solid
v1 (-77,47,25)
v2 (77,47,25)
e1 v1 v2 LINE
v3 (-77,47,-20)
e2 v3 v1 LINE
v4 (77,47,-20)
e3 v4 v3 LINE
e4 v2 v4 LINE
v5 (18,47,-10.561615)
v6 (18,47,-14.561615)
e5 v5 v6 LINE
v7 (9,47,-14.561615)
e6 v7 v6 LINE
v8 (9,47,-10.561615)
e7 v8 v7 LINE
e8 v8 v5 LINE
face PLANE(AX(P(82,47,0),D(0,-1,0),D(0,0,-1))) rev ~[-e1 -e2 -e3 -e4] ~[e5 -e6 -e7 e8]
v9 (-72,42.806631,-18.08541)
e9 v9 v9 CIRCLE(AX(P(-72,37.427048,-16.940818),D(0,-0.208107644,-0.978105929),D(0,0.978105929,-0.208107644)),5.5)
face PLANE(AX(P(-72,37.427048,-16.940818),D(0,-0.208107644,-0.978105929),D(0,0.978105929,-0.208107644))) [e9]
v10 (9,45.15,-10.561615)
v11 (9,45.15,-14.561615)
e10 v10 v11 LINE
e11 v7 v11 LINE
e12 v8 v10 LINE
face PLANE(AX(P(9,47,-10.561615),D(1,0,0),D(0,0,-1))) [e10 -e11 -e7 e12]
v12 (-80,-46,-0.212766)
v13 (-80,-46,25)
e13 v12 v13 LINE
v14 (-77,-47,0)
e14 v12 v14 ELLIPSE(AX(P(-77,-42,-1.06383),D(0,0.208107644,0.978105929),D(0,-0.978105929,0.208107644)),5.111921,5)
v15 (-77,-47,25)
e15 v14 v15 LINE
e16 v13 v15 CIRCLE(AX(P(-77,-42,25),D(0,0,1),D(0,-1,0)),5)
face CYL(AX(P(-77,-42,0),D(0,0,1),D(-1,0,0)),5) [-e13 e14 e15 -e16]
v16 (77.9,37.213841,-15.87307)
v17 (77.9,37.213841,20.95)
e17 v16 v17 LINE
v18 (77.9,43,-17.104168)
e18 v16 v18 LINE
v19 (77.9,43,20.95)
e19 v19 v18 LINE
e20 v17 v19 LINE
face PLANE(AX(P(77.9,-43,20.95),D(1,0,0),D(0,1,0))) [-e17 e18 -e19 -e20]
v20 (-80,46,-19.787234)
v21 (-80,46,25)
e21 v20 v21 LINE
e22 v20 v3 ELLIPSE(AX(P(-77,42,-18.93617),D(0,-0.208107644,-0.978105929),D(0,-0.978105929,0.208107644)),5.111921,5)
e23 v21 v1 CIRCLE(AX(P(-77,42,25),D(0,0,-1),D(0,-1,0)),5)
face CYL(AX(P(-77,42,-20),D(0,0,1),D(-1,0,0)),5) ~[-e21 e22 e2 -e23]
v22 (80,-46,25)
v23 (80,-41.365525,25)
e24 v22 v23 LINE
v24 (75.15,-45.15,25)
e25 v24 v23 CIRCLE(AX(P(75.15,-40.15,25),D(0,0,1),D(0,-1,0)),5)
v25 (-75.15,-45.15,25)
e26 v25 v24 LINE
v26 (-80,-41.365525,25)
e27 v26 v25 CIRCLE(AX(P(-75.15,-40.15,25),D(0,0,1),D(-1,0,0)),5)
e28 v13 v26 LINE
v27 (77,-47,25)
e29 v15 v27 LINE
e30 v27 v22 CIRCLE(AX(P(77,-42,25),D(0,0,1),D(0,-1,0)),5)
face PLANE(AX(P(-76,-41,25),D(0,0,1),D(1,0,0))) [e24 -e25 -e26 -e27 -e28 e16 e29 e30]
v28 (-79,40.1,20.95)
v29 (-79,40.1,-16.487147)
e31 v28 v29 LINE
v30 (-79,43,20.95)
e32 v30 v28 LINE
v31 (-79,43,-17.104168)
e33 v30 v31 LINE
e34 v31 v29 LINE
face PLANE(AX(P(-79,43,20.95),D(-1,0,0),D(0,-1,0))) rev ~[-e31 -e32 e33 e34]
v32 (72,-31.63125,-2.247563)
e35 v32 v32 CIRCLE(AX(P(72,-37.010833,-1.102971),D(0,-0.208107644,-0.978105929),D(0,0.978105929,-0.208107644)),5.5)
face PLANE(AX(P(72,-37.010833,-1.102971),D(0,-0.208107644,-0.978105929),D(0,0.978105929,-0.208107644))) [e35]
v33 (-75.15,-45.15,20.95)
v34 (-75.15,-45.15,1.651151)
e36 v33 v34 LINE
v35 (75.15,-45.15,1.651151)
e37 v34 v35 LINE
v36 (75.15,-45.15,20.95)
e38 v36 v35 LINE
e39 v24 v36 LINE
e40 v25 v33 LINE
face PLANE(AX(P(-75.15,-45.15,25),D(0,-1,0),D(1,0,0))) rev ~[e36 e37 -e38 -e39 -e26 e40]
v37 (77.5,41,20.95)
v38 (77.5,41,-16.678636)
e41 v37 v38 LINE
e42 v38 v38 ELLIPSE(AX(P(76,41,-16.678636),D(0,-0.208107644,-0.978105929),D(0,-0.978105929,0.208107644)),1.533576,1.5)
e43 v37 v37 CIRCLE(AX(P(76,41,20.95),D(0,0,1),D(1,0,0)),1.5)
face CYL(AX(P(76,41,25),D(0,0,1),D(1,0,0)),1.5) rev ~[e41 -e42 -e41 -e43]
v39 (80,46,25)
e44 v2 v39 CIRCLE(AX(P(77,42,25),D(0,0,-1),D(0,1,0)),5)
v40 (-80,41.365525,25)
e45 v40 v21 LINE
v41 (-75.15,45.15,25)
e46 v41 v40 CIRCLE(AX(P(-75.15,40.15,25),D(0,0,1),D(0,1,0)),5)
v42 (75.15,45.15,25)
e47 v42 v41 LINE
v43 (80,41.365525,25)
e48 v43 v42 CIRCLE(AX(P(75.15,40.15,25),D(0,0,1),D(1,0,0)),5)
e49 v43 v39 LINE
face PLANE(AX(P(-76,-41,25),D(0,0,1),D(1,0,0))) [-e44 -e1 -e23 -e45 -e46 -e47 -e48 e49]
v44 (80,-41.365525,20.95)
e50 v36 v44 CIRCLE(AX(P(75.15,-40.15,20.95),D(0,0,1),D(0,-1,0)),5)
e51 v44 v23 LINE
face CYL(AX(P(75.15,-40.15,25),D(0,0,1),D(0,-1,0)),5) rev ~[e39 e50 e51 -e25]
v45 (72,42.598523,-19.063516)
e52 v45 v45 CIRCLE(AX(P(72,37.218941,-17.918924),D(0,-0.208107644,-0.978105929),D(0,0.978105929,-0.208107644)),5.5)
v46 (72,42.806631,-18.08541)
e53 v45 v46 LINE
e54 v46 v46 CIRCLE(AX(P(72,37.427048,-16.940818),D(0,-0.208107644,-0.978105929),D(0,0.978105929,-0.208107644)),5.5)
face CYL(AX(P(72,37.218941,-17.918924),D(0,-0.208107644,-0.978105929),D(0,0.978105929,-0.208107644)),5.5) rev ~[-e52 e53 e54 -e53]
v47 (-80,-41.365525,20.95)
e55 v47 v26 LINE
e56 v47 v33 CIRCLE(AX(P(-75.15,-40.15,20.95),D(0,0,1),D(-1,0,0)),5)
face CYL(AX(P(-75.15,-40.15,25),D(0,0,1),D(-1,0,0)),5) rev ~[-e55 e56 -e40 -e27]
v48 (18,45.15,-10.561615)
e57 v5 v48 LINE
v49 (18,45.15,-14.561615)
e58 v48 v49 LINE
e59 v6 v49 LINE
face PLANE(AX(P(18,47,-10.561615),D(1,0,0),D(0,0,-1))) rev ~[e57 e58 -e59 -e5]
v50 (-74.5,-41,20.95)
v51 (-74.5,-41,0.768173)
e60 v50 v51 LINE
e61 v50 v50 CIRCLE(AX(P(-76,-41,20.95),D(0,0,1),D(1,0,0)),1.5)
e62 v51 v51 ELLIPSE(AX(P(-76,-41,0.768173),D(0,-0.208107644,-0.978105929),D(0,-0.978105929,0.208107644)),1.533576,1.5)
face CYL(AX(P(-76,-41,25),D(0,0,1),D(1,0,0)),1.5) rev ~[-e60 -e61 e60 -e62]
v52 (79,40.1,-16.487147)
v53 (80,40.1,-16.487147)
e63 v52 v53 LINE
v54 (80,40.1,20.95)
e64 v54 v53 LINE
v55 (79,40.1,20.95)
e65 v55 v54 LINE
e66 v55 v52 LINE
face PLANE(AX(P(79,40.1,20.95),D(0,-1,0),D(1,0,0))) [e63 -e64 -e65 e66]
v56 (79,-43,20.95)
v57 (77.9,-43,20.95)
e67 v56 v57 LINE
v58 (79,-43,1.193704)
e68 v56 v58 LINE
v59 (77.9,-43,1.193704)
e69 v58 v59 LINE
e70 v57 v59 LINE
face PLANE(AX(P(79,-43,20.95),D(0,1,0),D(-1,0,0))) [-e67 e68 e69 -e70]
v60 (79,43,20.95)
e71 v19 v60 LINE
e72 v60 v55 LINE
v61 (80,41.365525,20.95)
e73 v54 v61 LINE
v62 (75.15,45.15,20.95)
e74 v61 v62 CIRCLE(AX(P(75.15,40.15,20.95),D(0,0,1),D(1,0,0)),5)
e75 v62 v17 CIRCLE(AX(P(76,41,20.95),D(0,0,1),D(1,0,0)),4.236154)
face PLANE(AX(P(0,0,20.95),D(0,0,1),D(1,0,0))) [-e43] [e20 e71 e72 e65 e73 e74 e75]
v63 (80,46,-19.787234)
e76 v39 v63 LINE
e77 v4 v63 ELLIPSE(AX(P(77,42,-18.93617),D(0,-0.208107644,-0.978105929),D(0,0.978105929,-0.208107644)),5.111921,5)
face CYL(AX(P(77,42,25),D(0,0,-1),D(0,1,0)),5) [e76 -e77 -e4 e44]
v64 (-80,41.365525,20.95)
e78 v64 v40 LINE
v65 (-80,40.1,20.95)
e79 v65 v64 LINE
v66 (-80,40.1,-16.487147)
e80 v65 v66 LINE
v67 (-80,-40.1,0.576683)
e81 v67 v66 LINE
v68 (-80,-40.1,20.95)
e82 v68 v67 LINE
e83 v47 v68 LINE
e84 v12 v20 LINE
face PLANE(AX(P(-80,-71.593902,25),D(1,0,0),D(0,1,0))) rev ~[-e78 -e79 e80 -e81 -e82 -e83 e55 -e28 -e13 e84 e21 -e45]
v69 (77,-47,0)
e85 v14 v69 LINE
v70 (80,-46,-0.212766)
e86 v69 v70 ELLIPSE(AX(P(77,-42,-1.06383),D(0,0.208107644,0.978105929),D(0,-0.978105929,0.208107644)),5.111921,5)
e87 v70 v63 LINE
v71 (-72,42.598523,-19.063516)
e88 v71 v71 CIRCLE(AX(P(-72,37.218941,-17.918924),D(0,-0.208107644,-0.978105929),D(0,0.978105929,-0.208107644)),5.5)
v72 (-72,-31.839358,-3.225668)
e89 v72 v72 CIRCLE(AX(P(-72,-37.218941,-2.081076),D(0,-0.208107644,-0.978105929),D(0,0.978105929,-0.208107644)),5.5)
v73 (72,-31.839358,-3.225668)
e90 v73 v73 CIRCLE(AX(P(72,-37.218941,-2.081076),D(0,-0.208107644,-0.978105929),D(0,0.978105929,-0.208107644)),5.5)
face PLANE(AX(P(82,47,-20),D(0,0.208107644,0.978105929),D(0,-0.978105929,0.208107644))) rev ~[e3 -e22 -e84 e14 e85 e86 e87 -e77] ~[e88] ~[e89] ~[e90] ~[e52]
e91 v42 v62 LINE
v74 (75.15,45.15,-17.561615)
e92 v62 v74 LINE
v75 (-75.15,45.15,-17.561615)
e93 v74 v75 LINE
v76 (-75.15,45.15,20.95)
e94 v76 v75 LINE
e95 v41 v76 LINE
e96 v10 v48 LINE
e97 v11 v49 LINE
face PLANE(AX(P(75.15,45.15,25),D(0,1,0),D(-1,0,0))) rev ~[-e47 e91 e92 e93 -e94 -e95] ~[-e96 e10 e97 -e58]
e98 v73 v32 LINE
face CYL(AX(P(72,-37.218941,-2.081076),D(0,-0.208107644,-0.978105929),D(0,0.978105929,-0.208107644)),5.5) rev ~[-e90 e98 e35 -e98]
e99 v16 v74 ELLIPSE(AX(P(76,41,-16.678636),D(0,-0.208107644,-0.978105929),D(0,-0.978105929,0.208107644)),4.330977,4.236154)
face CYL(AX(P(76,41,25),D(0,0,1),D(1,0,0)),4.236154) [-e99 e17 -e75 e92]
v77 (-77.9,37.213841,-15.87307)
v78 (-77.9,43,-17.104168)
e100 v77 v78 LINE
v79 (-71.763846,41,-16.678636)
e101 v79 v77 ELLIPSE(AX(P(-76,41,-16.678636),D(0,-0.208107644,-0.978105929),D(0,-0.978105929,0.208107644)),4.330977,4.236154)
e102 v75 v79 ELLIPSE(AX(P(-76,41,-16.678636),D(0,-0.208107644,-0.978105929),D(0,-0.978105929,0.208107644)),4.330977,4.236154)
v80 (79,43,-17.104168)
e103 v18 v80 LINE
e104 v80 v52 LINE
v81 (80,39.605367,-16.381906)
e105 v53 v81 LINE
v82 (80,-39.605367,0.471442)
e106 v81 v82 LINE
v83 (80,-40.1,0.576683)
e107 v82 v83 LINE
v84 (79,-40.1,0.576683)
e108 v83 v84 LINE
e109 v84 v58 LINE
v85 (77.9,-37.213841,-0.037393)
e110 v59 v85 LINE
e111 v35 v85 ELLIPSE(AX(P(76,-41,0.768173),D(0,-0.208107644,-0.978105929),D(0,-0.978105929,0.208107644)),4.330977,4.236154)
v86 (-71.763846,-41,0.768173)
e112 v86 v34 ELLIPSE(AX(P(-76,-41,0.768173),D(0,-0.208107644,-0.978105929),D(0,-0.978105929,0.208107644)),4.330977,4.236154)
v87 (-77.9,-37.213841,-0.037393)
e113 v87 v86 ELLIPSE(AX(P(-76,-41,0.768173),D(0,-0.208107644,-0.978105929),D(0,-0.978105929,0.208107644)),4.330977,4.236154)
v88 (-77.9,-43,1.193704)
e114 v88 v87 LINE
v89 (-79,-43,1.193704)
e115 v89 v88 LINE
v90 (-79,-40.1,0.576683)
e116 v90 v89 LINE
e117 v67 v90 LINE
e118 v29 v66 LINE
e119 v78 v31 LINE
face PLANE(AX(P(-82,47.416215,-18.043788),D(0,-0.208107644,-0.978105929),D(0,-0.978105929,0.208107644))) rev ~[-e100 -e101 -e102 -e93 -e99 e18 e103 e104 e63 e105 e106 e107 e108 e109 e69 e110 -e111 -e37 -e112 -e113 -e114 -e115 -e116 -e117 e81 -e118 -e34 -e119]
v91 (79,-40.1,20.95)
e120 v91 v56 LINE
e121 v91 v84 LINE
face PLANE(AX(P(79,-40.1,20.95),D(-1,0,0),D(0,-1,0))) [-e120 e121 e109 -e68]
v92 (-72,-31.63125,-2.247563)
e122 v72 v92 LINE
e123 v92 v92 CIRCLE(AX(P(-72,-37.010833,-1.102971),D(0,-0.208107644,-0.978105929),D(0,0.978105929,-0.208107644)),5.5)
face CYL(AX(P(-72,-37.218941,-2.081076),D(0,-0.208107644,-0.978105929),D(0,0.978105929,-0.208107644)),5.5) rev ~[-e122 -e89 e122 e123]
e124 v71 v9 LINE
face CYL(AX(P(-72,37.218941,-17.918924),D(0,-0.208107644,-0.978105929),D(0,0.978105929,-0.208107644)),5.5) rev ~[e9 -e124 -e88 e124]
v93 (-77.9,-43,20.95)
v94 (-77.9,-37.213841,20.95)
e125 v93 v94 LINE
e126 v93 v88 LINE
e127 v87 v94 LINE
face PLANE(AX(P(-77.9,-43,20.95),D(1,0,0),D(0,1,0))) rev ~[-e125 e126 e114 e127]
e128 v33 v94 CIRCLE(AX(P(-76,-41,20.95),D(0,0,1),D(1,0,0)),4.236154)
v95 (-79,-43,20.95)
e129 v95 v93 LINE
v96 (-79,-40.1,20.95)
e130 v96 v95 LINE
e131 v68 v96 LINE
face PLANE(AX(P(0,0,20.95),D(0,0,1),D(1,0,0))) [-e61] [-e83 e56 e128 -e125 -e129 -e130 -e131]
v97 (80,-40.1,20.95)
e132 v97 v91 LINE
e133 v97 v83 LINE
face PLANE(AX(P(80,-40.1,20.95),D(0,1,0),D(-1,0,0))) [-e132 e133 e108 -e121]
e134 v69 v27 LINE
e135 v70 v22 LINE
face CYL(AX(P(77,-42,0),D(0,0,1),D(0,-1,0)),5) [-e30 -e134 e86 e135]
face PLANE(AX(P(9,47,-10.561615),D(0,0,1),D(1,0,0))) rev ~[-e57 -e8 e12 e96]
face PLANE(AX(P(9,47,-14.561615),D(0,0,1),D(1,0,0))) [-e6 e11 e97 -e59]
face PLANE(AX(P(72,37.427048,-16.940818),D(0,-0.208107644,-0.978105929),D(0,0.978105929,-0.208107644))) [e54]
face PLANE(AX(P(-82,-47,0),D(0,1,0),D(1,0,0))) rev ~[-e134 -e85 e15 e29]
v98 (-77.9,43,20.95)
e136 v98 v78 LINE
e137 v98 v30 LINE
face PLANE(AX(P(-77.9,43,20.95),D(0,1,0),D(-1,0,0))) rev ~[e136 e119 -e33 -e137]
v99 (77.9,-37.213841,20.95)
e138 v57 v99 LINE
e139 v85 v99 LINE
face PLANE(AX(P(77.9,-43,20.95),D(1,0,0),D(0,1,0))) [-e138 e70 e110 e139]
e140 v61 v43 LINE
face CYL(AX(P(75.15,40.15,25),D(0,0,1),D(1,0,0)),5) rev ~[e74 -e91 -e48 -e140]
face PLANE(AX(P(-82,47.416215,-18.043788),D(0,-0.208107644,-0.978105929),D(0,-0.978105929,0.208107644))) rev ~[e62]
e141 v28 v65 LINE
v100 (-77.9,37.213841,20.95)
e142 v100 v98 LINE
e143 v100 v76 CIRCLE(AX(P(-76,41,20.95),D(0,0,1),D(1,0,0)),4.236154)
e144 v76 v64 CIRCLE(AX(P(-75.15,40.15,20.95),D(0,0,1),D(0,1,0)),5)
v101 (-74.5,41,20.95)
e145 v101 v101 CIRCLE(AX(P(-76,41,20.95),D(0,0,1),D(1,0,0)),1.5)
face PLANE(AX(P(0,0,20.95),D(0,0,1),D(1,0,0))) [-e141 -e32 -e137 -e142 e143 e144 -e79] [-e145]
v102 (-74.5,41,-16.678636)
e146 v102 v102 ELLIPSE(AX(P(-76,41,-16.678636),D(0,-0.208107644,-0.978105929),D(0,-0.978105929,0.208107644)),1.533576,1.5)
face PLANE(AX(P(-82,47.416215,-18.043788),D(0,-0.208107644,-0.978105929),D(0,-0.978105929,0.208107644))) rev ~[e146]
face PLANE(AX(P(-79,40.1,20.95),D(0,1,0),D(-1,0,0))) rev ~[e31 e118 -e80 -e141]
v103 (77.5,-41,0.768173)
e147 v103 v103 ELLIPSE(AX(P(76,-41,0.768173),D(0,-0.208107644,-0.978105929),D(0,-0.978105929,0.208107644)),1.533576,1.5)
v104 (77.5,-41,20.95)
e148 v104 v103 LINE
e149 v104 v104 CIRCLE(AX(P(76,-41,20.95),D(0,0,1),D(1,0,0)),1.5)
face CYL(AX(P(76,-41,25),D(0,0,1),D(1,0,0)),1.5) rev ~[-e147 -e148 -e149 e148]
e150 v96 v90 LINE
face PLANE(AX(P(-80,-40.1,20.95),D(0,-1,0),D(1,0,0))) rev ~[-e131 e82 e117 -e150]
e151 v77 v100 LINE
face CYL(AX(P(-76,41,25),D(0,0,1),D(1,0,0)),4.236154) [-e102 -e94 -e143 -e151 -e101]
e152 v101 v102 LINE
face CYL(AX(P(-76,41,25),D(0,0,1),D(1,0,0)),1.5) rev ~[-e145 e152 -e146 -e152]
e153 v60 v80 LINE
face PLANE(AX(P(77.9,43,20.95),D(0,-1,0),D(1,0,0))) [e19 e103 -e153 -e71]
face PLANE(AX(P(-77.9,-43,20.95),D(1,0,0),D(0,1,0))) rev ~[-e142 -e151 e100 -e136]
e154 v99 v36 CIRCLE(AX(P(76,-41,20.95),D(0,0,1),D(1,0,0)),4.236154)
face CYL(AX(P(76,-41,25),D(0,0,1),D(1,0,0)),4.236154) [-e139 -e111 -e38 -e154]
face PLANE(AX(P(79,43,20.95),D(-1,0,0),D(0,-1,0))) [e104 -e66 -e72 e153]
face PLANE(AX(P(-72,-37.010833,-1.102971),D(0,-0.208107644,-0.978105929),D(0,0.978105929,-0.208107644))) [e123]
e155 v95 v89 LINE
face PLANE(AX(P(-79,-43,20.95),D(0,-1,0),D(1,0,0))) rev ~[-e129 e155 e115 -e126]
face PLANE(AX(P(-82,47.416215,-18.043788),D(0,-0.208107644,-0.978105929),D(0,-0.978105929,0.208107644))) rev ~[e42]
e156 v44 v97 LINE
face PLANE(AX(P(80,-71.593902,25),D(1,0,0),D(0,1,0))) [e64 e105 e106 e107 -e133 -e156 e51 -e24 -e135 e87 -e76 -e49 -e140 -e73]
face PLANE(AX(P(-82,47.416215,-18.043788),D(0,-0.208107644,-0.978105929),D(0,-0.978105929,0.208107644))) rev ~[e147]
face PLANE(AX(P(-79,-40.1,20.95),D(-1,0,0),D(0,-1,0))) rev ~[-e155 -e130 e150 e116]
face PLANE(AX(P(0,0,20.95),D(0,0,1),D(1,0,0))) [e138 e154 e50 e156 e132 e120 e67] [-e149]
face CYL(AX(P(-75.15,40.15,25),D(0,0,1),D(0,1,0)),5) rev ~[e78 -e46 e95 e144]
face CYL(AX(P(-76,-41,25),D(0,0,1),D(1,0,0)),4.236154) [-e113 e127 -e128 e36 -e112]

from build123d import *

# Parameters (mm, degrees)
SKIZZE1_W                       = 164
SKIZZE1_H                       = 94
AUFSATZ_LINEAR_AUSTRAGEN1_DEPTH = 25
AUFSATZ_LINEAR_AUSTRAGEN2_DEPTH = 164
SCHNITT_LINEAR_AUSTRAGEN1_REACH = 106.68
AUFSATZ_LINEAR_AUSTRAGEN3_REACH = 106.68
SKIZZE4_R                       = 4.236153916
SKIZZE4_R_2                     = 1.5
SCHNITT_LINEAR_AUSTRAGEN2_DEPTH = 4.05
VERRUNDUNG1_R                   = 5
SKIZZE7_W                       = 9
SKIZZE7_H                       = 4
SCHNITT_LINEAR_AUSTRAGEN4_DEPTH = 4.05
SKIZZE8_R                       = 5.5
SCHNITT_LINEAR_AUSTRAGEN5_DEPTH = 1
SKIZZE9_W                       = 47.666626173
SKIZZE9_H                       = 143.1878039
SKIZZE9_W_2                     = 41.660611838
SCHNITT_LINEAR_AUSTRAGEN6_DEPTH = 105.680466182
SCHNITT_LINEAR_AUSTRAGEN7_REACH = 103.419


with BuildPart() as part:
    # Skizze1 → Aufsatz-Linear austragen1 (new body)
    with BuildSketch(Plane.XY):
        Rectangle(SKIZZE1_W, SKIZZE1_H)
    extrude(amount=AUFSATZ_LINEAR_AUSTRAGEN1_DEPTH)

    # Skizze2 → Aufsatz-Linear austragen2 (add)
    with BuildSketch(Plane(origin=(82, 0, 0), x_dir=(0, 0, -1), z_dir=(1, 0, 0))):
        Polygon((0, -47), (0, 47), (20, 47), align=None)
    extrude(amount=-AUFSATZ_LINEAR_AUSTRAGEN2_DEPTH)

    # Schnitt-Linear austragen1: up to this plane
    schnitt_linear_austragen1_end = Plane(origin=(-82, 47.416215289, -18.043788142), z_dir=(0, -0.20810764446485866, -0.9781059289848355))
    # Skizze3 → Schnitt-Linear austragen1 (cut, up to the surface)
    with BuildSketch(Plane.XY.offset(25), mode=Mode.PRIVATE) as schnitt_linear_austragen1_sk1:
        with BuildLine():
            Line((-75.15, -45.15), (75.15, -45.15))
            ThreePointArc((75.15, -45.15), (78.685533906, -43.685533906), (80.15, -40.15))
            Line((80.15, -40.15), (80.15, 40.15))
            ThreePointArc((80.15, 40.15), (78.685533906, 43.685533906), (75.15, 45.15))
            Line((75.15, 45.15), (-75.15, 45.15))
            ThreePointArc((-75.15, 45.15), (-78.685533906, 43.685533906), (-80.15, 40.15))
            Line((-80.15, 40.15), (-80.15, -40.15))
            ThreePointArc((-80.15, -40.15), (-78.685533906, -43.685533906), (-75.15, -45.15))
        make_face()
    schnitt_linear_austragen1_tool1 = split(extrude(schnitt_linear_austragen1_sk1.sketch, amount=-SCHNITT_LINEAR_AUSTRAGEN1_REACH, mode=Mode.PRIVATE), bisect_by=schnitt_linear_austragen1_end, keep=Keep.BOTH, mode=Mode.PRIVATE)
    add(schnitt_linear_austragen1_tool1.solids().sort_by_distance((0, 0, 25))[0], mode=Mode.SUBTRACT)

    # Aufsatz-Linear austragen3: up to this plane
    aufsatz_linear_austragen3_end = Plane(origin=(-82, 47.416215289, -18.043788142), z_dir=(0, -0.20810764446485866, -0.9781059289848355))
    # Skizze4 → Aufsatz-Linear austragen3 (add, up to the surface)
    with BuildSketch(Plane.XY.offset(25), mode=Mode.PRIVATE) as aufsatz_linear_austragen3_sk1:
        with Locations((-76, 41)):
            Circle(SKIZZE4_R)
        with Locations((-76, 41)):
            Circle(SKIZZE4_R_2, mode=Mode.SUBTRACT)
    aufsatz_linear_austragen3_tool1 = split(extrude(aufsatz_linear_austragen3_sk1.sketch, amount=-AUFSATZ_LINEAR_AUSTRAGEN3_REACH, mode=Mode.PRIVATE), bisect_by=aufsatz_linear_austragen3_end, keep=Keep.BOTH, mode=Mode.PRIVATE)
    add(aufsatz_linear_austragen3_tool1.solids().sort_by_distance((-80.116337, 41, 25))[0])
    # Skizze4 → Aufsatz-Linear austragen3 (add, up to the surface)
    with BuildSketch(Plane.XY.offset(25), mode=Mode.PRIVATE) as aufsatz_linear_austragen3_sk2:
        with Locations((-76, -41)):
            Circle(SKIZZE4_R)
        with Locations((-76, -41)):
            Circle(SKIZZE4_R_2, mode=Mode.SUBTRACT)
    aufsatz_linear_austragen3_tool2 = split(extrude(aufsatz_linear_austragen3_sk2.sketch, amount=-AUFSATZ_LINEAR_AUSTRAGEN3_REACH, mode=Mode.PRIVATE), bisect_by=aufsatz_linear_austragen3_end, keep=Keep.BOTH, mode=Mode.PRIVATE)
    add(aufsatz_linear_austragen3_tool2.solids().sort_by_distance((-80.116337, -41, 25))[0])
    # Skizze4 → Aufsatz-Linear austragen3 (add, up to the surface)
    with BuildSketch(Plane.XY.offset(25), mode=Mode.PRIVATE) as aufsatz_linear_austragen3_sk3:
        with Locations((76, -41)):
            Circle(SKIZZE4_R)
        with Locations((76, -41)):
            Circle(SKIZZE4_R_2, mode=Mode.SUBTRACT)
    aufsatz_linear_austragen3_tool3 = split(extrude(aufsatz_linear_austragen3_sk3.sketch, amount=-AUFSATZ_LINEAR_AUSTRAGEN3_REACH, mode=Mode.PRIVATE), bisect_by=aufsatz_linear_austragen3_end, keep=Keep.BOTH, mode=Mode.PRIVATE)
    add(aufsatz_linear_austragen3_tool3.solids().sort_by_distance((71.883663, -41, 25))[0])
    # Skizze4 → Aufsatz-Linear austragen3 (add, up to the surface)
    with BuildSketch(Plane.XY.offset(25), mode=Mode.PRIVATE) as aufsatz_linear_austragen3_sk4:
        with Locations((76, 41)):
            Circle(SKIZZE4_R)
        with Locations((76, 41)):
            Circle(SKIZZE4_R_2, mode=Mode.SUBTRACT)
    aufsatz_linear_austragen3_tool4 = split(extrude(aufsatz_linear_austragen3_sk4.sketch, amount=-AUFSATZ_LINEAR_AUSTRAGEN3_REACH, mode=Mode.PRIVATE), bisect_by=aufsatz_linear_austragen3_end, keep=Keep.BOTH, mode=Mode.PRIVATE)
    add(aufsatz_linear_austragen3_tool4.solids().sort_by_distance((71.883663, 41, 25))[0])

    # Skizze6 → Schnitt-Linear austragen2 (cut)
    with BuildSketch(Plane.XY.offset(25)):
        with BuildLine():
            Line((-75.15, -45.15), (75.15, -45.15))
            ThreePointArc((75.15, -45.15), (78.685533906, -43.685533906), (80.15, -40.15))
            Line((80.15, -40.15), (80.15, 40.15))
            ThreePointArc((80.15, 40.15), (78.685533906, 43.685533906), (75.15, 45.15))
            Line((75.15, 45.15), (-75.15, 45.15))
            ThreePointArc((-75.15, 45.15), (-78.685533906, 43.685533906), (-80.15, 40.15))
            Line((-80.15, 40.15), (-80.15, -40.15))
            ThreePointArc((-80.15, -40.15), (-78.685533906, -43.685533906), (-75.15, -45.15))
        make_face()
    extrude(amount=-SCHNITT_LINEAR_AUSTRAGEN2_DEPTH, mode=Mode.SUBTRACT)

    # Verrundung1
    verrundung1_edges = [part.edges().sort_by_distance(p)[0] for p in [
        (82, -47, 12.5),
        (-82, -47, 12.5),
        (-82, 47, 2.5),
        (82, 47, 2.5),
    ]]
    fillet(verrundung1_edges, radius=VERRUNDUNG1_R)

    # Skizze7 → Schnitt-Linear austragen4 (cut)
    with BuildSketch(Plane(origin=(0, 47, 0), x_dir=(1, 0, 0), z_dir=(0, 1, 0))):
        with Locations((13.5, 12.561614676)):
            Rectangle(SKIZZE7_W, SKIZZE7_H)
    extrude(amount=-SCHNITT_LINEAR_AUSTRAGEN4_DEPTH, mode=Mode.SUBTRACT)

    # Skizze8 → Schnitt-Linear austragen5 (cut)
    with BuildSketch(Plane(origin=(0, -2.035513209, -9.566912083), x_dir=(-1, 0, 0), z_dir=(0, -0.20810764446485866, -0.9781059289848355))):
        with Locations(Location((-72, 40.133131552, 0), (0, 0, 90))):
            Circle(SKIZZE8_R)
        with Locations(Location((72, 40.133131552, 0), (0, 0, 90))):
            Circle(SKIZZE8_R)
        with Locations(Location((72, -35.970978662, 0), (0, 0, 90))):
            Circle(SKIZZE8_R)
        with Locations(Location((-72, -35.970978662, 0), (0, 0, 90))):
            Circle(SKIZZE8_R)
    extrude(amount=-SCHNITT_LINEAR_AUSTRAGEN5_DEPTH, mode=Mode.SUBTRACT)

    # Skizze9 → Schnitt-Linear austragen6 (cut, through all)
    with BuildSketch(Plane.XY.offset(25)):
        with Locations((103.833313086, 0)):
            Rectangle(SKIZZE9_W, SKIZZE9_H)
        with Locations((-100.830305919, 0)):
            Rectangle(SKIZZE9_W_2, SKIZZE9_H)
    extrude(amount=-SCHNITT_LINEAR_AUSTRAGEN6_DEPTH, mode=Mode.SUBTRACT)

    # Schnitt-Linear austragen7: up to this plane
    schnitt_linear_austragen7_end = Plane(origin=(-82, 47.416215289, -18.043788142), z_dir=(0, -0.20810764446485866, -0.9781059289848355))
    # Skizze11 → Schnitt-Linear austragen7 (cut, up to the surface)
    with BuildSketch(Plane.XY.offset(20.95), mode=Mode.PRIVATE) as schnitt_linear_austragen7_sk1:
        Polygon((-77.9, 43), (-79, 43), (-79, 40.1), (-80, 40.1), (-80, -40.1), (-79, -40.1), (-79, -43), (-77.9, -43), align=None)
    schnitt_linear_austragen7_tool1 = split(extrude(schnitt_linear_austragen7_sk1.sketch, amount=-SCHNITT_LINEAR_AUSTRAGEN7_REACH, mode=Mode.PRIVATE), bisect_by=schnitt_linear_austragen7_end, keep=Keep.BOTH, mode=Mode.PRIVATE)
    add(schnitt_linear_austragen7_tool1.solids().sort_by_distance((-78.931751, 0, 20.95))[0], mode=Mode.SUBTRACT)
    # Skizze11 → Schnitt-Linear austragen7 (cut, up to the surface)
    with BuildSketch(Plane.XY.offset(20.95), mode=Mode.PRIVATE) as schnitt_linear_austragen7_sk2:
        Polygon((80, 40.1), (80, -40.1), (79, -40.1), (79, -43), (77.9, -43), (77.9, 43), (79, 43), (79, 40.1), align=None)
    schnitt_linear_austragen7_tool2 = split(extrude(schnitt_linear_austragen7_sk2.sketch, amount=-SCHNITT_LINEAR_AUSTRAGEN7_REACH, mode=Mode.PRIVATE), bisect_by=schnitt_linear_austragen7_end, keep=Keep.BOTH, mode=Mode.PRIVATE)
    add(schnitt_linear_austragen7_tool2.solids().sort_by_distance((78.931751, 0, 20.95))[0], mode=Mode.SUBTRACT)


solid = part.part
